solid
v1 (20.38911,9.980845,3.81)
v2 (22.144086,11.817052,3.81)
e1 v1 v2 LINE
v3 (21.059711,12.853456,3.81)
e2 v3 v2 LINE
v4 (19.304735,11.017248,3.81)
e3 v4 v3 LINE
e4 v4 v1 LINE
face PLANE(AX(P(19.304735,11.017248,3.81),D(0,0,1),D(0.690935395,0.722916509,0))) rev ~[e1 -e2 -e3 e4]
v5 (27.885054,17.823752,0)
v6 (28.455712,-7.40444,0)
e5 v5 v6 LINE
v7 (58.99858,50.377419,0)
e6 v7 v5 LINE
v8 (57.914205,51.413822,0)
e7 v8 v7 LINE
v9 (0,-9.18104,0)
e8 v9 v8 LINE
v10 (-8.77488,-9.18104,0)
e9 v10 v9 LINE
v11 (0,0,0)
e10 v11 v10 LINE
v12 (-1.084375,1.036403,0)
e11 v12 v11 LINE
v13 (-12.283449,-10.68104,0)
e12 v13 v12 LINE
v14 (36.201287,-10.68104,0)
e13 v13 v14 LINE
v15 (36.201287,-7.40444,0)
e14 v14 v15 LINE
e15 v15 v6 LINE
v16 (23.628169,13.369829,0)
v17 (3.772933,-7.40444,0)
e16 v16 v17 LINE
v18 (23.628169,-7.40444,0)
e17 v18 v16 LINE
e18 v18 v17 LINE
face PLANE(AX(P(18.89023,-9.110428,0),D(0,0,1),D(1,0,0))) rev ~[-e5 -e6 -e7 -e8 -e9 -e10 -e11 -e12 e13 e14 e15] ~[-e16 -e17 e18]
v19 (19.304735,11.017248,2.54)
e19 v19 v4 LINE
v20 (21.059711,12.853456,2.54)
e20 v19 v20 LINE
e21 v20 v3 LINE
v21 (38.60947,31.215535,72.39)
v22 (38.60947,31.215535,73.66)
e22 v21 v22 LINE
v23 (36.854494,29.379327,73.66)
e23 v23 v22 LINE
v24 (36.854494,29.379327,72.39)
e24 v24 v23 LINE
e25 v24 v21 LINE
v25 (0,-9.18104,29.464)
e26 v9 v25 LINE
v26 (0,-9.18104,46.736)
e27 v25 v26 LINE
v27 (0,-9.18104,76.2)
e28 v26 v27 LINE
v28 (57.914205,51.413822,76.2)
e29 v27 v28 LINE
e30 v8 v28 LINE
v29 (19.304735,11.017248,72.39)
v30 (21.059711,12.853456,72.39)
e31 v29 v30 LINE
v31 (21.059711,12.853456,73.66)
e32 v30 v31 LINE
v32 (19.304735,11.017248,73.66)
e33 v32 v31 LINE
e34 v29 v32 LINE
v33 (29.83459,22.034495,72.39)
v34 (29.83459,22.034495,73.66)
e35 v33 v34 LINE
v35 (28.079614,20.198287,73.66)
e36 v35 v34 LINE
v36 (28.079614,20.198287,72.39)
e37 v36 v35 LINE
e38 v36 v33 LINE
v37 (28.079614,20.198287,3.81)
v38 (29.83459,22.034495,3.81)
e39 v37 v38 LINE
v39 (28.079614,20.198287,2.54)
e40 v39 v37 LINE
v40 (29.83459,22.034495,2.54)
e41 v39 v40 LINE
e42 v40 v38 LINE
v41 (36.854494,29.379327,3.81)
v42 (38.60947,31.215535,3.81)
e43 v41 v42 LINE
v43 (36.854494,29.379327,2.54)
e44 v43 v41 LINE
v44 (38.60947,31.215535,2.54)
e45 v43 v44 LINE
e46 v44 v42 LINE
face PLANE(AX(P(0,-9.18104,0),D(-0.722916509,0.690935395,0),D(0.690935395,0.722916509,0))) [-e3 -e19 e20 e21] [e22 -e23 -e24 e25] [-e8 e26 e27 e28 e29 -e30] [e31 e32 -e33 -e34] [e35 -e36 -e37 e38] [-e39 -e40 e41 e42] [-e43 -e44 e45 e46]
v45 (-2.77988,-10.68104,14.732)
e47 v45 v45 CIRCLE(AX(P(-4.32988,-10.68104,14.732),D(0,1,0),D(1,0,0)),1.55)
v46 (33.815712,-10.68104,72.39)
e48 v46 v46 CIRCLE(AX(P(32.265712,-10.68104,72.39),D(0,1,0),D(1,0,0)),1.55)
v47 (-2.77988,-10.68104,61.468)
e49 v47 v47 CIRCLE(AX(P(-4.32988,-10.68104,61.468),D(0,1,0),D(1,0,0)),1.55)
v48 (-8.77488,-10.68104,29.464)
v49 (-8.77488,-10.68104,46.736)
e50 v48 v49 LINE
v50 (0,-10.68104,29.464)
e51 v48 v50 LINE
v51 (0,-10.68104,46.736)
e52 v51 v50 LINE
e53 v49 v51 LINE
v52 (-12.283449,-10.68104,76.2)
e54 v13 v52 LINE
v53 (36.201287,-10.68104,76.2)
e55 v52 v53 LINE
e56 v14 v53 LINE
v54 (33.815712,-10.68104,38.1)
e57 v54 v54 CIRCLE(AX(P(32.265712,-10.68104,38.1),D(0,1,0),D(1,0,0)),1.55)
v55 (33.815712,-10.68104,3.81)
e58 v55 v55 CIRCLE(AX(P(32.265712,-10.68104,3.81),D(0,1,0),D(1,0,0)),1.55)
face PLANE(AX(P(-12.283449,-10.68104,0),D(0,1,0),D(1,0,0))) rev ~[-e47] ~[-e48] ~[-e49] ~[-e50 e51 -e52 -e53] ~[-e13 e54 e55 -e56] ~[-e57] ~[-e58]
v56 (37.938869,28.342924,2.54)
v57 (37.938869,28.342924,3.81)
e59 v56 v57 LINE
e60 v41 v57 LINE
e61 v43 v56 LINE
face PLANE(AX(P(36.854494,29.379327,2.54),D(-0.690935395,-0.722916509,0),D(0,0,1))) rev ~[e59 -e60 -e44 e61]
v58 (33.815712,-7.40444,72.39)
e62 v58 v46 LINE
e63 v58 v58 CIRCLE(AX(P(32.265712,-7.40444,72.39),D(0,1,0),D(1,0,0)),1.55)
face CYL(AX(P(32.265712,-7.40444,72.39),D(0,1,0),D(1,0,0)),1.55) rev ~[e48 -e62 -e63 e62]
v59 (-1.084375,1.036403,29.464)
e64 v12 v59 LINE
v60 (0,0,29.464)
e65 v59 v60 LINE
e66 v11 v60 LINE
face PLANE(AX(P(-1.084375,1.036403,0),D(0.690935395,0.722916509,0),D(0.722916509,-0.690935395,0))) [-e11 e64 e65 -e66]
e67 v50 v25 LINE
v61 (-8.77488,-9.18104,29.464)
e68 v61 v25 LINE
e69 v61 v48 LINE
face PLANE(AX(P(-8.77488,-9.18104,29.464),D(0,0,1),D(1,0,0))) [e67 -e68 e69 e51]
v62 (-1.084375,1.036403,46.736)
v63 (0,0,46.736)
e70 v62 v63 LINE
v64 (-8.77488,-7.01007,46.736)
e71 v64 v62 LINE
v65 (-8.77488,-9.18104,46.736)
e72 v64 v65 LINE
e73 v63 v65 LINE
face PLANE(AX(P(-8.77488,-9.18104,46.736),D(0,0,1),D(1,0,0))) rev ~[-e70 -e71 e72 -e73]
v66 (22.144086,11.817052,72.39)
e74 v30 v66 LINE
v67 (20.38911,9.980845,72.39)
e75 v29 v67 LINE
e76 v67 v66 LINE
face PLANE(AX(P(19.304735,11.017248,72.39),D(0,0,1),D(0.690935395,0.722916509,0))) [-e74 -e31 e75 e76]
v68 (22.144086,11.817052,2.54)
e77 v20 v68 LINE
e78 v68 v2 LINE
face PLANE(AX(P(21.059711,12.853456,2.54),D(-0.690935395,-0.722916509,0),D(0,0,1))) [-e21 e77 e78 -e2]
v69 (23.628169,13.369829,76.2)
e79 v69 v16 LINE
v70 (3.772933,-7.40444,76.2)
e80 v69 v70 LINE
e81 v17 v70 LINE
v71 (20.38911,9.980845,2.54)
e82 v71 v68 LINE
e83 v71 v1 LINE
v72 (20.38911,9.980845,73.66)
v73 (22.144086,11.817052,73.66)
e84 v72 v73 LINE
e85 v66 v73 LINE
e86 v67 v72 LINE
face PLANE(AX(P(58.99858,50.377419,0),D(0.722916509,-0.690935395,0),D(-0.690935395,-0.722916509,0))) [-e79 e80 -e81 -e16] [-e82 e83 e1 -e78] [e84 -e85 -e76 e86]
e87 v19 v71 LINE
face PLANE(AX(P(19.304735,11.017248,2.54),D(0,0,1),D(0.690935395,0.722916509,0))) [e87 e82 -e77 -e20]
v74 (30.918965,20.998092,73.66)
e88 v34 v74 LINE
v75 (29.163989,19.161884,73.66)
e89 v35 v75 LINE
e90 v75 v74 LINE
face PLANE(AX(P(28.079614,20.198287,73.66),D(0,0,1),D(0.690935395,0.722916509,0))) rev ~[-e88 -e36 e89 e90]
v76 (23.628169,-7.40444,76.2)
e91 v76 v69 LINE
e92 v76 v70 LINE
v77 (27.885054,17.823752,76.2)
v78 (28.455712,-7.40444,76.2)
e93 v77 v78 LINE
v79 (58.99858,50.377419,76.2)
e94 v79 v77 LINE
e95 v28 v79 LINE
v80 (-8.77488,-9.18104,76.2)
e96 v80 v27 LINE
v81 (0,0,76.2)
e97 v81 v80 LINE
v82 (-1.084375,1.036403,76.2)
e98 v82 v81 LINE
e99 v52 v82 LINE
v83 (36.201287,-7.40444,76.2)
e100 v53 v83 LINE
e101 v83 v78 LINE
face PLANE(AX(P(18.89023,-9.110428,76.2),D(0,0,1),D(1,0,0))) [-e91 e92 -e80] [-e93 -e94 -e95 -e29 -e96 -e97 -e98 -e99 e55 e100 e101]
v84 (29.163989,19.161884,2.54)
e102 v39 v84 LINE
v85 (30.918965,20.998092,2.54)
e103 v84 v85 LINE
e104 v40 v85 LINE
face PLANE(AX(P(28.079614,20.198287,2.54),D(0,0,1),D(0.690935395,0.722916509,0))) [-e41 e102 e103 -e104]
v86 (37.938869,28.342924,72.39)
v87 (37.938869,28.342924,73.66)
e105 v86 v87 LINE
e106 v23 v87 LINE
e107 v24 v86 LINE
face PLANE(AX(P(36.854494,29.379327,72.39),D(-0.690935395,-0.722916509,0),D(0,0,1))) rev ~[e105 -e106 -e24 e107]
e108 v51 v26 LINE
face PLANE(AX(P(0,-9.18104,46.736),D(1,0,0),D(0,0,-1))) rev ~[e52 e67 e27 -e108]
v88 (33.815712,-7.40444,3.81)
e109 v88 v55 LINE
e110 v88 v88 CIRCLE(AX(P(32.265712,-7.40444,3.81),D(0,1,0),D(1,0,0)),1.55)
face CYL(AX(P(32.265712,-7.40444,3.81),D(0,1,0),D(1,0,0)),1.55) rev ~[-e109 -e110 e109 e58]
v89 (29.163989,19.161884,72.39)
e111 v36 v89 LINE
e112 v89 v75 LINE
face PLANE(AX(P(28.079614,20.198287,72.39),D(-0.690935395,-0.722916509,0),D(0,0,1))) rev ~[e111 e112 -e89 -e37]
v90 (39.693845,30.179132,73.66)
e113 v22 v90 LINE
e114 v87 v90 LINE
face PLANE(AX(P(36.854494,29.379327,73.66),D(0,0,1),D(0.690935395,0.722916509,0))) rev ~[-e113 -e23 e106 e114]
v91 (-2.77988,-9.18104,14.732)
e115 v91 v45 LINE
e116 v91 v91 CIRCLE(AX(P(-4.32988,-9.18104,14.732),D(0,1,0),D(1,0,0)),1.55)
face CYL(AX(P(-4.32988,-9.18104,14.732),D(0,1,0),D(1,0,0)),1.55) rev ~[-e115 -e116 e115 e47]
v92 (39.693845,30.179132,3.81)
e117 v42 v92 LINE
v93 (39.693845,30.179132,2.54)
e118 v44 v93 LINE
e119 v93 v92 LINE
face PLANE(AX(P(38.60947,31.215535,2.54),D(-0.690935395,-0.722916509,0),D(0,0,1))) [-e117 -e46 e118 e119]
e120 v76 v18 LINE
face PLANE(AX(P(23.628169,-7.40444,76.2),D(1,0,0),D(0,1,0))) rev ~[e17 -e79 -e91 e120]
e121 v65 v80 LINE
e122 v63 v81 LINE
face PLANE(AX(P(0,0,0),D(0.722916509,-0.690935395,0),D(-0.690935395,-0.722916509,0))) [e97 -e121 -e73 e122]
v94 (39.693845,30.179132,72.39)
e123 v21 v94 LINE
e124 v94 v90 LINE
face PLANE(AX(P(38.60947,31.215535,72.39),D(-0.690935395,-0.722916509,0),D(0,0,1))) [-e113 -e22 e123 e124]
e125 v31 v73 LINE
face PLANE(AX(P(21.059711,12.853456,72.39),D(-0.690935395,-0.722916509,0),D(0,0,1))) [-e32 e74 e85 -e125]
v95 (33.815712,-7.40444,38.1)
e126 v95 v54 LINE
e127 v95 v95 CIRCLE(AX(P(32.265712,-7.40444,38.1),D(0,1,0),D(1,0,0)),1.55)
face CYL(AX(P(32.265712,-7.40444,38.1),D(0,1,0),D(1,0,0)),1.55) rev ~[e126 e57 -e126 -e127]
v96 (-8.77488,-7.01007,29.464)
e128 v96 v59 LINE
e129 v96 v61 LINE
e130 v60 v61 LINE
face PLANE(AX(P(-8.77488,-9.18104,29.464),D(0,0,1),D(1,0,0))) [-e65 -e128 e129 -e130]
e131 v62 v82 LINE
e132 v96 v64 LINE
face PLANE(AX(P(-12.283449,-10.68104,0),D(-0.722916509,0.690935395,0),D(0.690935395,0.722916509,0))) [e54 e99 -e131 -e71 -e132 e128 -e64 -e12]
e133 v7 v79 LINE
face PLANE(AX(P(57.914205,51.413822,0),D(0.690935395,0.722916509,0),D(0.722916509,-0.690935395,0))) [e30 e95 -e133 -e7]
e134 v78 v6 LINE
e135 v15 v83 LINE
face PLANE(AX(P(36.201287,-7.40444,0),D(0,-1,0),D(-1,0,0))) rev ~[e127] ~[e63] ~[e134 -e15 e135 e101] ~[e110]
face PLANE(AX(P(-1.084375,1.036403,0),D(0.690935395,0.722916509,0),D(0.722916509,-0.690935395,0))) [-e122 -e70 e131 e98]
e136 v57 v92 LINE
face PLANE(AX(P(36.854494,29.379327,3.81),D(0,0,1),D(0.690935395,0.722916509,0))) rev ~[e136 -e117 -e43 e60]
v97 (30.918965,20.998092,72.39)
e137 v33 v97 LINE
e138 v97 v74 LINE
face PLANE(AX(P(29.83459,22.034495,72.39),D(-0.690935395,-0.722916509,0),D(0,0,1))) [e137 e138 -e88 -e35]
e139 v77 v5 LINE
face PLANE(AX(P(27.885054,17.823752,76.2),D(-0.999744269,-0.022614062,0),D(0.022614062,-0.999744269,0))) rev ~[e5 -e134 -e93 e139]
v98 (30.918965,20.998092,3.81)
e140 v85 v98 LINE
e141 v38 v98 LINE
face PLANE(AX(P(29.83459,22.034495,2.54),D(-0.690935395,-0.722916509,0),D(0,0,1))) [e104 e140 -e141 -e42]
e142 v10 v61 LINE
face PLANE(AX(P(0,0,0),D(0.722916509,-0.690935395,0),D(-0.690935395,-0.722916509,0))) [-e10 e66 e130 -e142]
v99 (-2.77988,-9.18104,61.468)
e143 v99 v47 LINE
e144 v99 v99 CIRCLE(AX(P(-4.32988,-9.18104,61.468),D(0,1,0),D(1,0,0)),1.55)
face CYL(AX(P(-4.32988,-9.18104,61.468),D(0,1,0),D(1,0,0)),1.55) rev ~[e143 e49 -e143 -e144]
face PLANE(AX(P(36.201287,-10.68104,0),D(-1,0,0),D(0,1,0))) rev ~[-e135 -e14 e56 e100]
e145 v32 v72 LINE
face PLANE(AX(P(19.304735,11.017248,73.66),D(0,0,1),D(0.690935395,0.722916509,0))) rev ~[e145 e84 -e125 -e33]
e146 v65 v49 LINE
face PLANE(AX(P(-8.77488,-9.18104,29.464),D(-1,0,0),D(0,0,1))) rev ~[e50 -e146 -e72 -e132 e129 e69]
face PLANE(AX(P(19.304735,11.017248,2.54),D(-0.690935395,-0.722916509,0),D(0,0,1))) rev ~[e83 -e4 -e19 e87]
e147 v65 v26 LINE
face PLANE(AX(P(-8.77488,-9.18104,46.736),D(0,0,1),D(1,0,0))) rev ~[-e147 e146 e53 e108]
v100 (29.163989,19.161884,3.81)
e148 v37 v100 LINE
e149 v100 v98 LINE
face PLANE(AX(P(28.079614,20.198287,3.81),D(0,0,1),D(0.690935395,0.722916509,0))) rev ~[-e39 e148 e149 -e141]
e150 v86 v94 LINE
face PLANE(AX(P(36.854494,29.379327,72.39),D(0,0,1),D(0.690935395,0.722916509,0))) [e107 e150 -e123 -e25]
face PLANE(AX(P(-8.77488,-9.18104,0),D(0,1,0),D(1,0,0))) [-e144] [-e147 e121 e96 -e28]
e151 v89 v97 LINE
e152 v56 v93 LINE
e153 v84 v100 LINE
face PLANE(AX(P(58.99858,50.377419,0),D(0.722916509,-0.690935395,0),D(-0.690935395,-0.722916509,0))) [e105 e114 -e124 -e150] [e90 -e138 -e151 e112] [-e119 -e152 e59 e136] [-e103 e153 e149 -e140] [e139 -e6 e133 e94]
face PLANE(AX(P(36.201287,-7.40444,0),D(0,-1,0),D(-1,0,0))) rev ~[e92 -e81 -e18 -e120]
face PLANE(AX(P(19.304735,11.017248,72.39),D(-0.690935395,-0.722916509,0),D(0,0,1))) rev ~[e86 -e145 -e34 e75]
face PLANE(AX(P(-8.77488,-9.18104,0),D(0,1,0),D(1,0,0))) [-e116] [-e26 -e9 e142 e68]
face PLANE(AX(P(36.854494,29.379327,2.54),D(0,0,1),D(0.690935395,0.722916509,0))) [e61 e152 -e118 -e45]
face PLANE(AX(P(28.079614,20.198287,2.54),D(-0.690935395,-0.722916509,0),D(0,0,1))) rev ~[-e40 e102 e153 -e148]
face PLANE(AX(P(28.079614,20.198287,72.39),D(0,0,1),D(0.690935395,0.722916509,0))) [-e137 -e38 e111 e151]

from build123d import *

# Parameters (mm, degrees)
BOSS_EXTRUDE1_DEPTH = 76.2
SKETCH3_W           = 8.774879522
SKETCH3_H           = 8.636
CUT_EXTRUDE1_DEPTH  = 33.02
SKETCH5_W           = 1.27
SKETCH5_H           = 2.54
CUT_EXTRUDE2_DEPTH  = 1.5
BOSS_EXTRUDE2_DEPTH = 76.2
SKETCH7_R           = 1.55
CUT_EXTRUDE3_DEPTH  = 3.2766
SKETCH9_R           = 1.55
CUT_EXTRUDE4_DEPTH  = 1.5


with BuildPart() as part:
    # Sketch1 → Boss-Extrude1 (new body)
    with BuildSketch(Plane.XY):
        Polygon((3.772933373, -7.404439667), (0.641286927, -10.681039667), (36.201286927, -10.681039667), (36.201286927, -7.404439667), align=None)
        Polygon((57.914204847, 51.413822136), (58.998579611, 50.377419043), (0.641286927, -10.681039667), (-12.283449407, -10.681039667), (-1.084374764, 1.036403093), (0, 0), (-8.774879522, -9.181039667), (0, -9.181039667), align=None)
    extrude(amount=BOSS_EXTRUDE1_DEPTH)

    # Sketch3 → Cut-Extrude1 (cut, symmetric)
    with BuildSketch(Plane(origin=(0, -9.181039667, 0), x_dir=(1, 0, 0), z_dir=(0, 1, 0))):
        with Locations((-4.387439761, -42.418)):
            Rectangle(SKETCH3_W, SKETCH3_H)
        with Locations((-4.387439761, -33.782)):
            Rectangle(SKETCH3_W, SKETCH3_H)
    extrude(amount=CUT_EXTRUDE1_DEPTH, both=True, mode=Mode.SUBTRACT)

    # Sketch5 → Cut-Extrude2 (cut)
    with BuildSketch(Plane(origin=(4.585824688, -4.382952324, 0), x_dir=(0, 0, 1), z_dir=(-0.722916509, 0.690935395, 0))):
        with Locations((3.175, 22.572874853)):
            Rectangle(SKETCH5_W, SKETCH5_H)
        with Locations((3.175, 35.272874853)):
            Rectangle(SKETCH5_W, SKETCH5_H)
        with Locations((3.175, 47.972874853)):
            Rectangle(SKETCH5_W, SKETCH5_H)
        with Locations((73.025, 22.572874853)):
            Rectangle(SKETCH5_W, SKETCH5_H)
        with Locations((73.025, 35.272874853)):
            Rectangle(SKETCH5_W, SKETCH5_H)
        with Locations((73.025, 47.972874853)):
            Rectangle(SKETCH5_W, SKETCH5_H)
    extrude(amount=-CUT_EXTRUDE2_DEPTH, mode=Mode.SUBTRACT)

    # Sketch6 → Boss-Extrude2 (add)
    with BuildSketch(Plane.XY.offset(76.2)):
        Polygon((23.628168528, -7.404439667), (23.628168528, 13.36982864), (27.885054397, 17.823751673), (28.455712225, -7.404439667), align=None)
    extrude(amount=-BOSS_EXTRUDE2_DEPTH)

    # Sketch7 → Cut-Extrude3 (cut)
    with BuildSketch(Plane(origin=(0, -7.404439667, 0), x_dir=(1, 0, 0), z_dir=(0, 1, 0))):
        with Locations((32.265712225, -72.39)):
            Circle(SKETCH7_R)
        with Locations((32.265712225, -3.81)):
            Circle(SKETCH7_R)
        with Locations((32.265712225, -38.1)):
            Circle(SKETCH7_R)
    extrude(amount=-CUT_EXTRUDE3_DEPTH, mode=Mode.SUBTRACT)

    # Sketch9 → Cut-Extrude4 (cut)
    with BuildSketch(Plane(origin=(0, -9.181039667, 0), x_dir=(1, 0, 0), z_dir=(0, 1, 0))):
        with Locations((-4.329879522, -61.468)):
            Circle(SKETCH9_R)
        with Locations((-4.329879522, -14.732)):
            Circle(SKETCH9_R)
    extrude(amount=-CUT_EXTRUDE4_DEPTH, mode=Mode.SUBTRACT)


solid = part.part
